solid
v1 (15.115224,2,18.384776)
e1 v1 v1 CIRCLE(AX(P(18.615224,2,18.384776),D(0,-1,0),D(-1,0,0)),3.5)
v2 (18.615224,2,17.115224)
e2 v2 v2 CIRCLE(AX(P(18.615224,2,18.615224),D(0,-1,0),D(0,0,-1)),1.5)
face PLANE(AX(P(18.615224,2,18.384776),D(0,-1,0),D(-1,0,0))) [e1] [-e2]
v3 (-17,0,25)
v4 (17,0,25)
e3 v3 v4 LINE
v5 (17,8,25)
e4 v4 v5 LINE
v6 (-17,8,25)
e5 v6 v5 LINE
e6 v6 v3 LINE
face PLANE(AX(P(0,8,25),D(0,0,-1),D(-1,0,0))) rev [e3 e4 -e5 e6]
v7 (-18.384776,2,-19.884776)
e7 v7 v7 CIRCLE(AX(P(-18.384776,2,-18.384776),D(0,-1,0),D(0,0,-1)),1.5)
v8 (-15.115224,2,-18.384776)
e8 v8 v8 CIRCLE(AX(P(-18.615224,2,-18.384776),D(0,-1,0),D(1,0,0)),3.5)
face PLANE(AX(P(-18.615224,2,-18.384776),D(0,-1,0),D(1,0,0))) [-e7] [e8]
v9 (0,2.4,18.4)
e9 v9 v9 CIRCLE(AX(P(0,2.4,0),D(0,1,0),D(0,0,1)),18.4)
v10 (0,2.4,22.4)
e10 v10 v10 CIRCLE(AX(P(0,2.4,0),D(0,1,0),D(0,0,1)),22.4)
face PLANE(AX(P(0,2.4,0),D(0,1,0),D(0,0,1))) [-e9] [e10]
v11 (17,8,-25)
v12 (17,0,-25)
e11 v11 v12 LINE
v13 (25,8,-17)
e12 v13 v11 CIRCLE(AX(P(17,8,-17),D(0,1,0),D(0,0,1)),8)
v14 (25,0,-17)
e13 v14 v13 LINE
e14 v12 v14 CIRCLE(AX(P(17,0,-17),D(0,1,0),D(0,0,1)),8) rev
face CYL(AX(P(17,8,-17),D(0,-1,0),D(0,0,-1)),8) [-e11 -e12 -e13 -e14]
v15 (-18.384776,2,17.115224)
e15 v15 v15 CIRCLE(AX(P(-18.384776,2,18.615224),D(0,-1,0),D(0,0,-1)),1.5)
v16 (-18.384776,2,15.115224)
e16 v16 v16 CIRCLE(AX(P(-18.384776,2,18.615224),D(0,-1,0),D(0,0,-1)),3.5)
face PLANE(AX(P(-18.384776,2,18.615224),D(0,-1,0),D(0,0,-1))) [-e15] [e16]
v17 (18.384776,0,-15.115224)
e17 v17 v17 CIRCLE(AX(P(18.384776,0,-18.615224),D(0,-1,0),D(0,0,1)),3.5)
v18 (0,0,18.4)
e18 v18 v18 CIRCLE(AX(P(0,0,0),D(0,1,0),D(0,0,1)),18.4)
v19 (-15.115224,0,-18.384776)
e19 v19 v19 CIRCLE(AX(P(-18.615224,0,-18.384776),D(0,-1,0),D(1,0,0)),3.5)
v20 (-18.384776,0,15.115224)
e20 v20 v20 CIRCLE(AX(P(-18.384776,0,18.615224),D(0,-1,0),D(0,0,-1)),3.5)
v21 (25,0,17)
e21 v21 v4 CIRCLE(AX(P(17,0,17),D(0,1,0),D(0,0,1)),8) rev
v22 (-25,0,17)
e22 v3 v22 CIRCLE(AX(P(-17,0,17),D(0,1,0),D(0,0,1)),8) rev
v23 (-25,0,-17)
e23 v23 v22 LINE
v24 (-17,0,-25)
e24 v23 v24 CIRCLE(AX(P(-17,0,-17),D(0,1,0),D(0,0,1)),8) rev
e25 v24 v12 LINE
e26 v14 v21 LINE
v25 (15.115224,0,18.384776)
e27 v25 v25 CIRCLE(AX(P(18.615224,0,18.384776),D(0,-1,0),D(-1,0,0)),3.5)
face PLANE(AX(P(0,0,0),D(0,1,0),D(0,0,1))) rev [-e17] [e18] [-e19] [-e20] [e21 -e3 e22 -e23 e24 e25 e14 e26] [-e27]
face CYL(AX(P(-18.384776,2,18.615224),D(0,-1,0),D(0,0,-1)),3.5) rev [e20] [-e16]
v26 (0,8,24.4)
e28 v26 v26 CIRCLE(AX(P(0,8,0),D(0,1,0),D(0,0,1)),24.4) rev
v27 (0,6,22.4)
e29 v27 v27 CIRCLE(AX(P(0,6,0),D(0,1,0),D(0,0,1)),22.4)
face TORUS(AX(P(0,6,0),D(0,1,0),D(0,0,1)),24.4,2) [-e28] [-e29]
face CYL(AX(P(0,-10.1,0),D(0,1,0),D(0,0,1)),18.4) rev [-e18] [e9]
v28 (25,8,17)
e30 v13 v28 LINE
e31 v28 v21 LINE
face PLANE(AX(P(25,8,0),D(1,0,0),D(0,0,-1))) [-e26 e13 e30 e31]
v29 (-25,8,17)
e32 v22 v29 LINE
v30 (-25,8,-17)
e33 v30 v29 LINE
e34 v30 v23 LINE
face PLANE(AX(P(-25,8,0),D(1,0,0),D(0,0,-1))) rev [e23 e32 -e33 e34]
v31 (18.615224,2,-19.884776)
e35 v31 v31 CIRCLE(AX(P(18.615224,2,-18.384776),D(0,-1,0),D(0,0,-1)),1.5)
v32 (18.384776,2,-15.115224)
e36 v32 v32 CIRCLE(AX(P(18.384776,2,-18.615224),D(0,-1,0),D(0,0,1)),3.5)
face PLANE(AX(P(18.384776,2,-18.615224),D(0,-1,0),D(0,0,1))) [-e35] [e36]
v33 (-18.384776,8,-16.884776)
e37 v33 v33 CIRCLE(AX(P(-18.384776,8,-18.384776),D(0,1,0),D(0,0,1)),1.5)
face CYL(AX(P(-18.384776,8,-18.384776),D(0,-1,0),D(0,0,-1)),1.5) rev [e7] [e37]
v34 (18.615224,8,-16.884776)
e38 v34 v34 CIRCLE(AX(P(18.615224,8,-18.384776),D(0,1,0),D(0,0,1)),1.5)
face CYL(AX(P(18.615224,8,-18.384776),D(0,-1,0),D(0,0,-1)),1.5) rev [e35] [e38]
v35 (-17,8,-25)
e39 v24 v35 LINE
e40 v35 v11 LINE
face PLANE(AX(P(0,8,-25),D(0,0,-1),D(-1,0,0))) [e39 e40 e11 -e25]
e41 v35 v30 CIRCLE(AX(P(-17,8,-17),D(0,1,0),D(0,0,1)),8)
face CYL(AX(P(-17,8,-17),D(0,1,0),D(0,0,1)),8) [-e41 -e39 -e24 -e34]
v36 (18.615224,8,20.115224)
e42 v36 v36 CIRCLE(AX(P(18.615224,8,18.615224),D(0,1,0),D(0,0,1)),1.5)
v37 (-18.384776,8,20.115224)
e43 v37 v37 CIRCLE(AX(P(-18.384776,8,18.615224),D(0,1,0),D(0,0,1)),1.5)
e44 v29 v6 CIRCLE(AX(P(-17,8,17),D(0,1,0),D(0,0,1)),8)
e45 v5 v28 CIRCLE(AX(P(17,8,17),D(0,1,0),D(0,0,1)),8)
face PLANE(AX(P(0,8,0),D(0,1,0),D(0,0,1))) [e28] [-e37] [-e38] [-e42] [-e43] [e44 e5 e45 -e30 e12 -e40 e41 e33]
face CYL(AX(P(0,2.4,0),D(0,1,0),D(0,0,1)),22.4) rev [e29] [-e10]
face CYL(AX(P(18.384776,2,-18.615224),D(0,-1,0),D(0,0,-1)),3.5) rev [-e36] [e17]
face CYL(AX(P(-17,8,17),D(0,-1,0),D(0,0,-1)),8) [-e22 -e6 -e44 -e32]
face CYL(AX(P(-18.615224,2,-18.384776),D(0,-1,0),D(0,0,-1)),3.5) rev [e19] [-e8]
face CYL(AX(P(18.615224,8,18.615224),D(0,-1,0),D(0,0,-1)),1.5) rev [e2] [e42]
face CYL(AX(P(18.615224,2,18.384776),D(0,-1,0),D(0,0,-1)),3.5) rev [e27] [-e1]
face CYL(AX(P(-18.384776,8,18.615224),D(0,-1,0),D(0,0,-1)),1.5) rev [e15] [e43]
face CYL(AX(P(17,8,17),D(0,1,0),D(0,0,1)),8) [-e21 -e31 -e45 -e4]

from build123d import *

# Parameters (mm, degrees)
SKETCH_1_R               = 25
EXTRUDE_1_DEPTH          = 8
SKETCH_2_R               = 22.4
CUT_EXTRUDE_1_DEPTH      = 5.6
SKETCH_3_R               = 18.4
CUT_EXTRUDE_2_DEPTH      = 12.5
EXTRUDE_2_DEPTH          = 8
FILLET_1_R               = 8
CUT_EXTRUDE_START        = -15
SKETCH_5_R               = 1.5
CUT_EXTRUDE_3_DEPTH      = 15
FILLET_2_R               = 2
SKETCH_6_R               = 3.5
CUT_EXTRUDE_4_DEPTH      = 2
PATTERN_CIRCULAR_1_COUNT = 4


with BuildPart() as part:
    # 草图1 → 凸台-拉伸1 (new body)
    with BuildSketch(Plane(origin=(0, 0, 0), x_dir=(1, 0, 0), z_dir=(0, 1, 0))):
        with Locations(Location((0, 0, 0), (0, 0, 270))):
            Circle(SKETCH_1_R)
    extrude(amount=EXTRUDE_1_DEPTH)

    # 草图2 → 切除-拉伸1 (cut)
    with BuildSketch(Plane(origin=(0, 8, 0), x_dir=(1, 0, 0), z_dir=(0, 1, 0))):
        with Locations(Location((0, 0, 0), (0, 0, 270))):
            Circle(SKETCH_2_R)
    extrude(amount=-CUT_EXTRUDE_1_DEPTH, mode=Mode.SUBTRACT)

    # 草图3 → 切除-拉伸2 (cut)
    with BuildSketch(Plane(origin=(0, 2.4, 0), x_dir=(1, 0, 0), z_dir=(0, 1, 0))):
        with Locations(Location((0, 0, 0), (0, 0, 270))):
            Circle(SKETCH_3_R)
    extrude(amount=-CUT_EXTRUDE_2_DEPTH, mode=Mode.SUBTRACT)

    # 草图4 → 凸台-拉伸2 (add)
    with BuildSketch(Plane(origin=(0, 0, 0), x_dir=(1, 0, 0), z_dir=(0, 1, 0))):
        with BuildLine():
            Line((0, 25), (-25, 25))
            Line((-25, 25), (-25, 2.6e-08))
            ThreePointArc((-25, 2.6e-08), (-23.301207713, 9.058350794), (-18.435702489, 16.885641052))
            ThreePointArc((-18.435702489, 16.885641052), (-19.445436483, 19.445436483), (-16.885641052, 18.435702489))
            ThreePointArc((-16.885641052, 18.435702489), (-9.058350782, 23.301207718), (0, 25))
        make_face()
        with BuildLine():
            Line((25, 25), (0, 25))
            ThreePointArc((0, 25), (9.210354363, 23.241544108), (17.125028574, 18.213549801))
            ThreePointArc((17.125028574, 18.213549801), (19.682469279, 19.438809921), (18.425448396, 16.896829626))
            ThreePointArc((18.425448396, 16.896829626), (23.298457137, 9.065423048), (25, 0))
            Line((25, 0), (25, 25))
        make_face()
        with BuildLine():
            ThreePointArc((-18.213549801, -17.125028574), (-23.241544113, -9.210354351), (-25, 2.6e-08))
            Line((-25, 2.6e-08), (-25, -25))
            Line((-25, -25), (-5.8e-08, -25))
            ThreePointArc((-5.8e-08, -25), (-9.065423076, -23.298457126), (-16.896829626, -18.425448396))
            ThreePointArc((-16.896829626, -18.425448396), (-19.438809921, -19.682469279), (-18.213549801, -17.125028574))
        make_face()
        with BuildLine():
            Line((25, -25), (25, 0))
            ThreePointArc((25, 0), (23.22561674, -9.250444694), (18.154341838, -17.18778265))
            ThreePointArc((18.154341838, -17.18778265), (19.675883861, -19.675883861), (17.18778265, -18.154341838))
            ThreePointArc((17.18778265, -18.154341838), (9.250444666, -23.225616751), (-5.8e-08, -25))
            Line((-5.8e-08, -25), (25, -25))
        make_face()
    extrude(amount=EXTRUDE_2_DEPTH)

    # 圆角1
    fillet_1_edges = [part.edges().sort_by_distance(p)[0] for p in [
        (-25, 4, -25),
        (25, 4, -25),
        (-25, 4, 25),
        (25, 4, 25),
    ]]
    fillet(fillet_1_edges, radius=FILLET_1_R)

    # 草图5 → 切除-拉伸3 (cut)
    with BuildSketch(Plane(origin=(0, 8, 0), x_dir=(1, 0, 0), z_dir=(0, 1, 0)).offset(CUT_EXTRUDE_START)):
        with Locations(Location((-18.384776311, 18.384776311, 0), (0, 0, 270))):
            Circle(SKETCH_5_R)
        with Locations(Location((18.615223689, 18.384776311, 0), (0, 0, 270))):
            Circle(SKETCH_5_R)
        with Locations(Location((18.615223689, -18.615223689, 0), (0, 0, 270))):
            Circle(SKETCH_5_R)
        with Locations(Location((-18.384776311, -18.615223689, 0), (0, 0, 270))):
            Circle(SKETCH_5_R)
    extrude(amount=CUT_EXTRUDE_3_DEPTH, mode=Mode.SUBTRACT)

    # 圆角2
    fillet_2_edges = [part.edges().sort_by_distance(p)[0] for p in [
        (0, 8, -22.4),
    ]]
    fillet(fillet_2_edges, radius=FILLET_2_R)

    # 草图6 → 切除-拉伸4 (cut)
    with BuildSketch(Plane.XZ):
        with Locations(Location((-18.384776311, 18.615223689, 0), (0, 0, 270))):
            Circle(SKETCH_6_R)
    cut_extrude_4 = extrude(amount=-CUT_EXTRUDE_4_DEPTH, mode=Mode.SUBTRACT)

    # 阵列(圆周)1: 切除-拉伸4 ×4 about axis
    pattern_circular_1_axis = Axis((0, 0, 0), (0, 1, 0))
    for i in range(1, PATTERN_CIRCULAR_1_COUNT):
        add(cut_extrude_4.rotate(pattern_circular_1_axis, i * 360 / PATTERN_CIRCULAR_1_COUNT), mode=Mode.SUBTRACT)


solid = part.part
